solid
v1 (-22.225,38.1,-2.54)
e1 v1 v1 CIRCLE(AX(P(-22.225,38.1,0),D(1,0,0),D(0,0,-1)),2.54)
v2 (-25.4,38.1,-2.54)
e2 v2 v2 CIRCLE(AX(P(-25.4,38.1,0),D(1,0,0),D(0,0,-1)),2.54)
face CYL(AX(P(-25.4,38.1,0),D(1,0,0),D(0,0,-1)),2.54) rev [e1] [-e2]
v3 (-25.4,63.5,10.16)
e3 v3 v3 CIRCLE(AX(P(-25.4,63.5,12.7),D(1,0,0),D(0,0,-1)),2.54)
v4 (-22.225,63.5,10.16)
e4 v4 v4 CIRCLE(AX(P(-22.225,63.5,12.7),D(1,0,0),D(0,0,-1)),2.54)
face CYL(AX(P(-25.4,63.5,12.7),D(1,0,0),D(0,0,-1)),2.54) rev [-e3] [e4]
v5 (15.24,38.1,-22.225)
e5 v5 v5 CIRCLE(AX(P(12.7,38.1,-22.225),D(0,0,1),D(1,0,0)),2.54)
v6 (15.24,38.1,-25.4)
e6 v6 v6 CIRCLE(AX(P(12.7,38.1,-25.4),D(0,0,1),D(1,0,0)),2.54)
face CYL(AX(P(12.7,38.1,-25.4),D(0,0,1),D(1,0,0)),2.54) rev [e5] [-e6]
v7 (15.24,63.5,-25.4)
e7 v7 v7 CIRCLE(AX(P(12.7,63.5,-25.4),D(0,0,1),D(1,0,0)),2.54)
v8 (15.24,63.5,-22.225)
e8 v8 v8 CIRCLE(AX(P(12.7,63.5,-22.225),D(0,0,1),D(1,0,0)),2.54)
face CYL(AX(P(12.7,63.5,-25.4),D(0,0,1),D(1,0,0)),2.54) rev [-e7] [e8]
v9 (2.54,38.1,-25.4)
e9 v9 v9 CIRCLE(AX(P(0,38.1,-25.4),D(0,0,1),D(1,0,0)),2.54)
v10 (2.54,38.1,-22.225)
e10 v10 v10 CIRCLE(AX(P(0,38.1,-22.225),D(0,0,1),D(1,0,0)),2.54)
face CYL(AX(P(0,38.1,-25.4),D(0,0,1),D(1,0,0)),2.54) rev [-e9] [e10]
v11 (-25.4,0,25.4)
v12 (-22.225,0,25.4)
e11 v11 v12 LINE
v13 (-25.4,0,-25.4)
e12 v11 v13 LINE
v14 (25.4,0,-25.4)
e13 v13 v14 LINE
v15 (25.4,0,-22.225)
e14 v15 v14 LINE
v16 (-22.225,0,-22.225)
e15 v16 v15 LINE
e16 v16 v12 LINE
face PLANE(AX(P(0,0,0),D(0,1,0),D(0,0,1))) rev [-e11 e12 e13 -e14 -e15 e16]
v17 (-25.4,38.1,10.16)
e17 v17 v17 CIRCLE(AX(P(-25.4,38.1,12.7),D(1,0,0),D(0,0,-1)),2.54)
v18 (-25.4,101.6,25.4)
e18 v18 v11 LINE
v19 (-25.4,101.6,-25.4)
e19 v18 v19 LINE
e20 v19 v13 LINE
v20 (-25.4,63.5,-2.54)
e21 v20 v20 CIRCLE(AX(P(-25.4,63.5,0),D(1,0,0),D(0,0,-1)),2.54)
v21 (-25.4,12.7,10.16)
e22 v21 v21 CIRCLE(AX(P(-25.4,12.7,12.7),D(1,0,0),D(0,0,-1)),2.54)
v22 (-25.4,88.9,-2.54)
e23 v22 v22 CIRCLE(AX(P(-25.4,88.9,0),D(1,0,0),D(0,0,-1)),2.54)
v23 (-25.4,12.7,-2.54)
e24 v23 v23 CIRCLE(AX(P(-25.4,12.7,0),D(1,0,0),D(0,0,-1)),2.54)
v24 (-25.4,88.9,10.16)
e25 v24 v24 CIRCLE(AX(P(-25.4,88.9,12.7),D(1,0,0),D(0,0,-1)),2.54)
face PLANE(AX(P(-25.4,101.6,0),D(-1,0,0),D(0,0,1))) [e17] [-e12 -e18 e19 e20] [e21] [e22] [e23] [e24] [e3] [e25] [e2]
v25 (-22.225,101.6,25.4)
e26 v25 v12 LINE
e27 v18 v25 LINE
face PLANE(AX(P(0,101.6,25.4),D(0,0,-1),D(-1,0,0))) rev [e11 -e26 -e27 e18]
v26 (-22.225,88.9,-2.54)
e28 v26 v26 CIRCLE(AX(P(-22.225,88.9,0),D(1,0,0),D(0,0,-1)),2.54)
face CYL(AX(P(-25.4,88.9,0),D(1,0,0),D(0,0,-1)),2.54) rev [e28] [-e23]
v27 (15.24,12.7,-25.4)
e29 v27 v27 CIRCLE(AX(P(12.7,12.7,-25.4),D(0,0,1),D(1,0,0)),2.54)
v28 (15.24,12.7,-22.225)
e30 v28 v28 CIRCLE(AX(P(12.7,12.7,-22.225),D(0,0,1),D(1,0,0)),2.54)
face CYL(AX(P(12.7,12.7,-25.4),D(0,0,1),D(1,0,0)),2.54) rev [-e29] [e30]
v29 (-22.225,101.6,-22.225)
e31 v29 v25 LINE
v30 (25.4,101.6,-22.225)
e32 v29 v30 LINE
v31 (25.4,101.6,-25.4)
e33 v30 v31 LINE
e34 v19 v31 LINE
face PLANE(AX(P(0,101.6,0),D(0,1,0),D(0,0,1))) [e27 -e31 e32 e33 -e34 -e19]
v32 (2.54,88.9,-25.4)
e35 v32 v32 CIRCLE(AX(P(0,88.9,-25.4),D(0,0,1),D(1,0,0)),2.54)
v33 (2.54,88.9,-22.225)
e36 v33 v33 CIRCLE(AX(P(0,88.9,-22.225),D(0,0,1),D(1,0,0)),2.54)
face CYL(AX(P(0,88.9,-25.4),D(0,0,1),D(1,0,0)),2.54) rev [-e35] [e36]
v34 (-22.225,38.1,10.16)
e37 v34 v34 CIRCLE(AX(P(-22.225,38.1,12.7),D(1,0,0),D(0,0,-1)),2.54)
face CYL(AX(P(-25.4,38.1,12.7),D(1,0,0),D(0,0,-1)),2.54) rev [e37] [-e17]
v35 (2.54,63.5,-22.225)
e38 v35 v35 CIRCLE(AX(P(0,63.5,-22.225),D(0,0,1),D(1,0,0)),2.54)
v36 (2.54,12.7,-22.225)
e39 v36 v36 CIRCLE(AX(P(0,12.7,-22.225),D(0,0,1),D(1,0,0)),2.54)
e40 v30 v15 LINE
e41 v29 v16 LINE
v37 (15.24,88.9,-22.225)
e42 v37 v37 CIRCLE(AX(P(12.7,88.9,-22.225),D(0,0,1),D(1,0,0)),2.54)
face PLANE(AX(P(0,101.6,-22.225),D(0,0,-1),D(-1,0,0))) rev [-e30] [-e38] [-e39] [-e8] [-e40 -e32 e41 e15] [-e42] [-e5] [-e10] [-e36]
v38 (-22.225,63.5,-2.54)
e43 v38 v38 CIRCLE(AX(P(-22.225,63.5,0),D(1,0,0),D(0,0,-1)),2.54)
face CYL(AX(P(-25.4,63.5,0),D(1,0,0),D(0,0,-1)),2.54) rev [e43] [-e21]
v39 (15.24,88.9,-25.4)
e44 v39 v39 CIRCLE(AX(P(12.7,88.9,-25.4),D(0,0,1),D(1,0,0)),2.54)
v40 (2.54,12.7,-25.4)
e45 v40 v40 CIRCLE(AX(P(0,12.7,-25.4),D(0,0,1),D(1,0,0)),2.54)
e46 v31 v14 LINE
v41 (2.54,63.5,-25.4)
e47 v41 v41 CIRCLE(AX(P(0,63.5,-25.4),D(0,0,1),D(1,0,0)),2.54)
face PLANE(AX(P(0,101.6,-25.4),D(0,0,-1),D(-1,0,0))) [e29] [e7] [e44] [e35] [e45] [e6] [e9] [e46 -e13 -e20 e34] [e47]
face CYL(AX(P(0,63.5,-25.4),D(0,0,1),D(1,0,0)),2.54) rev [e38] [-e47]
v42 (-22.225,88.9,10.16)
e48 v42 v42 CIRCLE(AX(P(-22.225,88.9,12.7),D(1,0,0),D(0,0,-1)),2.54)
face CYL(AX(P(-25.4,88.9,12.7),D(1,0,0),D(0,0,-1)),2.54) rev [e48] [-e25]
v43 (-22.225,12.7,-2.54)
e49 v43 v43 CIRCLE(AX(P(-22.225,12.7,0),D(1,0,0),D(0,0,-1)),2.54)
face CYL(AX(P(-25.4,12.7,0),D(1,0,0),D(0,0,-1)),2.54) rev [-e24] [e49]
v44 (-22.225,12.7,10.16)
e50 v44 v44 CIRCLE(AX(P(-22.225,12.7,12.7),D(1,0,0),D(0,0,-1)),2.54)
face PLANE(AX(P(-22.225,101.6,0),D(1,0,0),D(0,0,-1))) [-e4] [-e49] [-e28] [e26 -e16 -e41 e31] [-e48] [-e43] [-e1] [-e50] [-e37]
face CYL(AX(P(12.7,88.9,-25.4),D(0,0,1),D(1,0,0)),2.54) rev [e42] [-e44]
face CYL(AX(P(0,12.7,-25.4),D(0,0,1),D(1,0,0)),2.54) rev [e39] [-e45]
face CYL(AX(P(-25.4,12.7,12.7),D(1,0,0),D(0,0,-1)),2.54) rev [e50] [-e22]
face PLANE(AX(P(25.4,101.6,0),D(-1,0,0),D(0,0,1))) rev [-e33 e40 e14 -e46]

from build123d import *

# Parameters (mm, degrees)
BOSS_EXTRUDE1_DEPTH = 101.6
SKETCH3_R           = 2.54
CUT_EXTRUDE1_DEPTH  = 4.175
SKETCH4_R           = 2.54
CUT_EXTRUDE2_DEPTH  = 4.175


with BuildPart() as part:
    # Sketch2 → Boss-Extrude1 (new body)
    with BuildSketch(Plane(origin=(0, 0, 0), x_dir=(1, 0, 0), z_dir=(0, 1, 0))):
        Polygon((-25.4, 25.4), (-25.4, -25.4), (-22.225, -25.4), (-22.225, 22.225), (25.4, 22.225), (25.4, 25.4), align=None)
    extrude(amount=BOSS_EXTRUDE1_DEPTH)

    # Sketch3 → Cut-Extrude1 (cut, through all)
    with BuildSketch(Plane.XY.offset(-22.225)):
        with Locations((12.7, 88.9)):
            Circle(SKETCH3_R)
        with Locations((0, 88.9)):
            Circle(SKETCH3_R)
        with Locations((0, 63.5)):
            Circle(SKETCH3_R)
        with Locations((12.7, 63.5)):
            Circle(SKETCH3_R)
        with Locations((0, 38.1)):
            Circle(SKETCH3_R)
        with Locations((12.7, 38.1)):
            Circle(SKETCH3_R)
        with Locations((0, 12.7)):
            Circle(SKETCH3_R)
        with Locations((12.7, 12.7)):
            Circle(SKETCH3_R)
    extrude(amount=-CUT_EXTRUDE1_DEPTH, mode=Mode.SUBTRACT)

    # Sketch4 → Cut-Extrude2 (cut, through all)
    with BuildSketch(Plane(origin=(-22.225, 0, 0), x_dir=(0, 0, -1), z_dir=(1, 0, 0))):
        with Locations((-12.7, 88.9)):
            Circle(SKETCH4_R)
        with Locations((0, 88.9)):
            Circle(SKETCH4_R)
        with Locations((-12.7, 63.5)):
            Circle(SKETCH4_R)
        with Locations((0, 63.5)):
            Circle(SKETCH4_R)
        with Locations((-12.7, 38.1)):
            Circle(SKETCH4_R)
        with Locations((0, 38.1)):
            Circle(SKETCH4_R)
        with Locations((-12.7, 12.7)):
            Circle(SKETCH4_R)
        with Locations((0, 12.7)):
            Circle(SKETCH4_R)
    extrude(amount=-CUT_EXTRUDE2_DEPTH, mode=Mode.SUBTRACT)


solid = part.part
